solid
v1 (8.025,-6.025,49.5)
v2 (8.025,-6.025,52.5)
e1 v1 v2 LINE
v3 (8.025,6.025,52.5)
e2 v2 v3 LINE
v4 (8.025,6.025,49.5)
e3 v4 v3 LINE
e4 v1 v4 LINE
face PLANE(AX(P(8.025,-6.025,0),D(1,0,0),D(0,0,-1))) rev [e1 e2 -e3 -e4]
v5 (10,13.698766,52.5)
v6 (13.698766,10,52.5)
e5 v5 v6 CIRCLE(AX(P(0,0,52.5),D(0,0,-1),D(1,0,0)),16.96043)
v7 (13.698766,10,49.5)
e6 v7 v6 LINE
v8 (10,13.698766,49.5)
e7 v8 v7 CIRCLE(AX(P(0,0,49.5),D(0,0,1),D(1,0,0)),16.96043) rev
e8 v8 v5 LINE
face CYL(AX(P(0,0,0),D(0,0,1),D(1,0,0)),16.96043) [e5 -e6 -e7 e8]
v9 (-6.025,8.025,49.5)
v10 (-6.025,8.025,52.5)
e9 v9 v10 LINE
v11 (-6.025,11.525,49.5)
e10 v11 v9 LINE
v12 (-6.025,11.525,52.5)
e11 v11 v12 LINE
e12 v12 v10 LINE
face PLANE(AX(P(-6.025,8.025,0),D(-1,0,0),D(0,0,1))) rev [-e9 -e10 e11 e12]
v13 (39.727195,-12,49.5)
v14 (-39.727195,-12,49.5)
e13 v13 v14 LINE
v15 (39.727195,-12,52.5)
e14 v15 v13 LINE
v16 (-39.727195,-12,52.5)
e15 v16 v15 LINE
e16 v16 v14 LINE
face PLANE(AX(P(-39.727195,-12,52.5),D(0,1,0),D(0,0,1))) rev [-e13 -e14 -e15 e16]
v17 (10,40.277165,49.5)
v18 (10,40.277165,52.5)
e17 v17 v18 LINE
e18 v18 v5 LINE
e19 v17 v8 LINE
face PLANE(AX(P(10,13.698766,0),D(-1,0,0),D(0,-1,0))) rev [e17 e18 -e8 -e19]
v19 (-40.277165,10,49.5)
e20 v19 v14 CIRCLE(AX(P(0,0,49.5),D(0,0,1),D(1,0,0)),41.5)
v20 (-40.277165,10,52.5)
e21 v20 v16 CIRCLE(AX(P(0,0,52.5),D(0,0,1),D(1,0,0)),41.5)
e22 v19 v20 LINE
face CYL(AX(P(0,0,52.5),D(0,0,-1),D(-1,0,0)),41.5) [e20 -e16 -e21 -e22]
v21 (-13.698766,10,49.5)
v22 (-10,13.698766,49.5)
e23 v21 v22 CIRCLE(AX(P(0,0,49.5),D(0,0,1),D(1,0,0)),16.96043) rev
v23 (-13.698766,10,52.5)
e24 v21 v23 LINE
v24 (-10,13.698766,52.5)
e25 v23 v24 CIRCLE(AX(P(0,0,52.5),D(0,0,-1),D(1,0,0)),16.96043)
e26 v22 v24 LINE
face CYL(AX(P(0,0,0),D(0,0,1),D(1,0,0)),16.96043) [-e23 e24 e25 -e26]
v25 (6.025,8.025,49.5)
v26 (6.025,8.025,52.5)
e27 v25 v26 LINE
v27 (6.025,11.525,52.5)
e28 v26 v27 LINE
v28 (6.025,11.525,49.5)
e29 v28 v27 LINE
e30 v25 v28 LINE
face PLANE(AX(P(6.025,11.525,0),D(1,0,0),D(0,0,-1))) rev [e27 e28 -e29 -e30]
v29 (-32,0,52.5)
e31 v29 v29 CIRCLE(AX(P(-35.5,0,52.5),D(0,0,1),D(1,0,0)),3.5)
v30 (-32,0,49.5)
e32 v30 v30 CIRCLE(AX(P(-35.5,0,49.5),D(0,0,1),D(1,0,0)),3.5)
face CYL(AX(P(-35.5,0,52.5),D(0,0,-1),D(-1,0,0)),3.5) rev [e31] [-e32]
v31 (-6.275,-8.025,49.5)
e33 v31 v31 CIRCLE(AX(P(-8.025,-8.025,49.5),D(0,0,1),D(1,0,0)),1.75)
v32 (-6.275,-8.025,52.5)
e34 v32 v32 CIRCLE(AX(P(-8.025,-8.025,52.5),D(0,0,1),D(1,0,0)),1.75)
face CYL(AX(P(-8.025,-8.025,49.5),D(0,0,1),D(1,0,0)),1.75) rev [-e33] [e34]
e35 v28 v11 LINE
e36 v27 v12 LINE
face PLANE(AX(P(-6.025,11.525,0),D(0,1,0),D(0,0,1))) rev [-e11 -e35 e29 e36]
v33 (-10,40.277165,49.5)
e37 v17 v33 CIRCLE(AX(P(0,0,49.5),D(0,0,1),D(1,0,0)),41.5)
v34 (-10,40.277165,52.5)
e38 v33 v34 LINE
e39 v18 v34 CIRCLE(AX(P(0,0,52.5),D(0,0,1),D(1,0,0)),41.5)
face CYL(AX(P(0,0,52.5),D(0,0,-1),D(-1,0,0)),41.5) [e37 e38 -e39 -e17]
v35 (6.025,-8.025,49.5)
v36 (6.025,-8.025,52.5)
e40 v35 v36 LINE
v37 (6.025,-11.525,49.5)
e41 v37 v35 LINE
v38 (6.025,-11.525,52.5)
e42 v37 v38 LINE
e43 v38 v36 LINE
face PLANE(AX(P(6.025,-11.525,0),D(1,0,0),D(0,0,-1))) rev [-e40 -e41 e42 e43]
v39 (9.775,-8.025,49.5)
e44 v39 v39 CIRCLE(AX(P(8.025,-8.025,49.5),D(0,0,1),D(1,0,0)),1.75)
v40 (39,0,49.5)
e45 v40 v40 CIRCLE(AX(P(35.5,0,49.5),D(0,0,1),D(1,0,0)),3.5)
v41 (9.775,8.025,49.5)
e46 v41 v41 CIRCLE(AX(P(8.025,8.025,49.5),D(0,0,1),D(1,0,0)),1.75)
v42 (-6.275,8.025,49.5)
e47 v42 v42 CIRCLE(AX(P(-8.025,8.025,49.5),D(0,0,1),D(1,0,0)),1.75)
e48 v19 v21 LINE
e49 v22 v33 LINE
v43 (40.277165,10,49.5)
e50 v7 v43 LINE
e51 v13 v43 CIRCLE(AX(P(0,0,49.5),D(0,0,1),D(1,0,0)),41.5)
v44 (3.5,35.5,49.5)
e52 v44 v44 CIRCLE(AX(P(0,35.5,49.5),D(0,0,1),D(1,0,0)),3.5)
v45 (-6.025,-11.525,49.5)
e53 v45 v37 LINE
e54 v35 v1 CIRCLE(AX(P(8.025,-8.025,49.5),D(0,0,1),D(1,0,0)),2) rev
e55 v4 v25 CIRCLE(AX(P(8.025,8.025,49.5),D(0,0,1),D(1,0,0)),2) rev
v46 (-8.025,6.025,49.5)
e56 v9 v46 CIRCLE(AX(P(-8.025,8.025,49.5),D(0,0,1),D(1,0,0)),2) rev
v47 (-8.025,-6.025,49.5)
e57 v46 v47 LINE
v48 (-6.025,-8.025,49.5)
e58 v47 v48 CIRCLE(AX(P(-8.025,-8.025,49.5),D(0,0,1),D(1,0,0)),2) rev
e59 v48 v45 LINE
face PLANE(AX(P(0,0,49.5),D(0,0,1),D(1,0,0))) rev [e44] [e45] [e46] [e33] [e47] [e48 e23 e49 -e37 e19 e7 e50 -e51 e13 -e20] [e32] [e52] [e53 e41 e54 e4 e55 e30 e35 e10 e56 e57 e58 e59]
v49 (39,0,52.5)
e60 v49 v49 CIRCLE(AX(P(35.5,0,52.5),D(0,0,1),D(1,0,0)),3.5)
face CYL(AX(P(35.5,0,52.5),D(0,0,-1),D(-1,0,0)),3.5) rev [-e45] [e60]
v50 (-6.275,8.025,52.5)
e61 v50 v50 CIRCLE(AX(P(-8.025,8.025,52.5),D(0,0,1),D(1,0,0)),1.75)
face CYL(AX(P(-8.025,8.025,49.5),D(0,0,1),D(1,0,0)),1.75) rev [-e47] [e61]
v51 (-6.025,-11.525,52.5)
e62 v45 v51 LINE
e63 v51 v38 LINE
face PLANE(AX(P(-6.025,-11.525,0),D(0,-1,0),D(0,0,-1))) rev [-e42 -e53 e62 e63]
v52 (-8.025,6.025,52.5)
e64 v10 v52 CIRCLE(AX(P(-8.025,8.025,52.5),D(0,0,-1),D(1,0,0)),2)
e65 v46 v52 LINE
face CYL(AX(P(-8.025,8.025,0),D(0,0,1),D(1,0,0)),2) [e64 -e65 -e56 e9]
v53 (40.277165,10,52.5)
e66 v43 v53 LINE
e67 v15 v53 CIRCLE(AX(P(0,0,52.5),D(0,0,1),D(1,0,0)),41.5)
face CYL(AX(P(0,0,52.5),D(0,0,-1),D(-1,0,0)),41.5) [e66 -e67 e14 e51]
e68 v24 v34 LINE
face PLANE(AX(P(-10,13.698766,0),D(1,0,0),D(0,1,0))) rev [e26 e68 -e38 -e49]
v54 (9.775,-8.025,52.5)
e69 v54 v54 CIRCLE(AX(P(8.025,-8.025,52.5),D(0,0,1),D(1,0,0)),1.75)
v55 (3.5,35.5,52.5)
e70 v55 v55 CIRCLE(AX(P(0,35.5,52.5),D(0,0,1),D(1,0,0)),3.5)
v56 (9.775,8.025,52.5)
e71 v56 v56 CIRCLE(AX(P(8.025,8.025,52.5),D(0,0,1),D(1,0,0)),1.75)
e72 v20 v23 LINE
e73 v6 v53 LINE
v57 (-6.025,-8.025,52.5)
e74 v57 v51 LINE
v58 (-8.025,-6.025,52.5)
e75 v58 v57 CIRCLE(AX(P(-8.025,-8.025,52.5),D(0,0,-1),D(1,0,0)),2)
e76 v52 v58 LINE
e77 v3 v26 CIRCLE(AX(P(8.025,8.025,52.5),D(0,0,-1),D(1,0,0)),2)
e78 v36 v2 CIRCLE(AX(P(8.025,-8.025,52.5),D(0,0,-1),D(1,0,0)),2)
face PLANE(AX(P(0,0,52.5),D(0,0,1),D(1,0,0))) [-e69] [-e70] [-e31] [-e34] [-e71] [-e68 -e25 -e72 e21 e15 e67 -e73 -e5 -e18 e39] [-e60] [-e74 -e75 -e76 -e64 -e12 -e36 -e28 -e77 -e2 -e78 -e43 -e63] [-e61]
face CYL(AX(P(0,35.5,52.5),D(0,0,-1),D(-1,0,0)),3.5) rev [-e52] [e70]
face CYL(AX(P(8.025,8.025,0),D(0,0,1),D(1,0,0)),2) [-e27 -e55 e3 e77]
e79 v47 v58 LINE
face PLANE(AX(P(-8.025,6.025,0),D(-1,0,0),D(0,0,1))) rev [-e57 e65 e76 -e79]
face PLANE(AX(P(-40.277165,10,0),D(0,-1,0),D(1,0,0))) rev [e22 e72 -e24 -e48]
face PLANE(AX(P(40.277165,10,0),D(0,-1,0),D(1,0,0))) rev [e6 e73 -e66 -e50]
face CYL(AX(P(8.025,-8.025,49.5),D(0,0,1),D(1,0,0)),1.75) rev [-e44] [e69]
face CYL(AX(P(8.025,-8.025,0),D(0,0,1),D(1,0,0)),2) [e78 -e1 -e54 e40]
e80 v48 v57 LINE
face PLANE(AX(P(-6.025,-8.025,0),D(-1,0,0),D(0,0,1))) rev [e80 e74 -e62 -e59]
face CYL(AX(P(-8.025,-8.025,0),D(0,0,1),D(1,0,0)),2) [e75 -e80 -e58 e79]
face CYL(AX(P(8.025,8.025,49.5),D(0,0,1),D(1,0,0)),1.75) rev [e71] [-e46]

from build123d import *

# Parameters (mm, degrees)
CROQUIS1_R              = 3.5
SALIENTE_EXTRUIR1_DEPTH = 52.5
SALIENTE_EXTRUIR2_START = -3
CROQUIS2_R              = 29.5
CROQUIS2_R_2            = 1.75
SALIENTE_EXTRUIR2_DEPTH = 3
CORTAR_EXTRUIR1_DEPTH   = 79.744841101
CORTAR_EXTRUIR2_DEPTH   = 79.744841101
CORTAR_EXTRUIR3_DEPTH   = 79.744841101
CROQUIS7_W              = 12.05
CROQUIS7_H              = 3.5
CORTAR_EXTRUIR4_DEPTH   = 79.744841101
CROQUIS8_W              = 98.89383178
CROQUIS8_H              = 87.653821396
CORTAR_EXTRUIR5_DEPTH   = 49.5


with BuildPart() as part:
    # Croquis1 → Saliente-Extruir1 (new body)
    with BuildSketch(Plane.XY):
        with BuildLine():
            Line((-39.727194716, -12), (-26.949025956, -12))
            ThreePointArc((-26.949025956, -12), (0, 29.5), (26.949025956, -12))
            Line((26.949025956, -12), (39.727194716, -12))
            ThreePointArc((39.727194716, -12), (0, 41.5), (-39.727194716, -12))
        make_face()
        with Locations((-35.5, 0)):
            Circle(CROQUIS1_R, mode=Mode.SUBTRACT)
        with Locations((0, 35.5)):
            Circle(CROQUIS1_R, mode=Mode.SUBTRACT)
        with Locations((35.5, 0)):
            Circle(CROQUIS1_R, mode=Mode.SUBTRACT)
    extrude(amount=SALIENTE_EXTRUIR1_DEPTH)

    # Croquis2 → Saliente-Extruir2 (add)
    with BuildSketch(Plane.XY.offset(52.5).offset(SALIENTE_EXTRUIR2_START)):
        Circle(CROQUIS2_R)
        with Locations((-8.025, 8.025)):
            Circle(CROQUIS2_R_2, mode=Mode.SUBTRACT)
        with Locations((8.025, 8.025)):
            Circle(CROQUIS2_R_2, mode=Mode.SUBTRACT)
        with Locations((-8.025, -8.025)):
            Circle(CROQUIS2_R_2, mode=Mode.SUBTRACT)
        with Locations((8.025, -8.025)):
            Circle(CROQUIS2_R_2, mode=Mode.SUBTRACT)
    extrude(amount=SALIENTE_EXTRUIR2_DEPTH)

    # Croquis3 → Cortar-Extruir1 (cut, through all)
    with BuildSketch(Plane.XY.offset(52.5)):
        with BuildLine():
            Line((-8.025, 6.025), (-8.025, -6.025))
            ThreePointArc((-8.025, -6.025), (-6.610786438, -6.610786438), (-6.025, -8.025))
            Line((-6.025, -8.025), (6.025, -8.025))
            ThreePointArc((6.025, -8.025), (6.610786438, -6.610786438), (8.025, -6.025))
            Line((8.025, -6.025), (8.025, 6.025))
            ThreePointArc((8.025, 6.025), (6.610786438, 6.610786438), (6.025, 8.025))
            Line((6.025, 8.025), (-6.025, 8.025))
            ThreePointArc((-6.025, 8.025), (-6.610786438, 6.610786438), (-8.025, 6.025))
        make_face()
    extrude(amount=-CORTAR_EXTRUIR1_DEPTH, mode=Mode.SUBTRACT)

    # Croquis5 → Cortar-Extruir2 (cut, through all)
    with BuildSketch(Plane.XY.offset(52.5)):
        Polygon((-26.949025956, -12), (26.949025956, -12), (26.949025956, -33.158311757), (-29.290832667, -29.730661126), align=None)
    extrude(amount=-CORTAR_EXTRUIR2_DEPTH, mode=Mode.SUBTRACT)

    # Croquis6 → Cortar-Extruir3 (cut, through all)
    with BuildSketch(Plane.XY.offset(52.5)):
        with BuildLine():
            Line((-40.277164746, 10), (-13.698766072, 10))
            ThreePointArc((-13.698766072, 10), (-11.992835192, 11.992835192), (-10, 13.698766072))
            Line((-10, 13.698766072), (-10, 40.277164746))
            ThreePointArc((-10, 40.277164746), (-29.344931419, 29.344931419), (-40.277164746, 10))
        make_face()
        with BuildLine():
            Line((10, 13.698766072), (10, 40.277164746))
            ThreePointArc((10, 40.277164746), (29.344931419, 29.344931419), (40.277164746, 10))
            Line((40.277164746, 10), (13.698766072, 10))
            ThreePointArc((13.698766072, 10), (11.992835192, 11.992835192), (10, 13.698766072))
        make_face()
    extrude(amount=-CORTAR_EXTRUIR3_DEPTH, mode=Mode.SUBTRACT)

    # Croquis7 → Cortar-Extruir4 (cut, through all)
    with BuildSketch(Plane.XY.offset(52.5)):
        with Locations((0, 9.775)):
            Rectangle(CROQUIS7_W, CROQUIS7_H)
        with Locations((0, -9.775)):
            Rectangle(CROQUIS7_W, CROQUIS7_H)
    extrude(amount=-CORTAR_EXTRUIR4_DEPTH, mode=Mode.SUBTRACT)

    # Croquis8 → Cortar-Extruir5 (cut)
    with BuildSketch(Plane(origin=(0, 0, 0), x_dir=(-1, 0, 0), z_dir=(0, 0, -1))):
        Rectangle(CROQUIS8_W, CROQUIS8_H)
    extrude(amount=-CORTAR_EXTRUIR5_DEPTH, mode=Mode.SUBTRACT)


solid = part.part
